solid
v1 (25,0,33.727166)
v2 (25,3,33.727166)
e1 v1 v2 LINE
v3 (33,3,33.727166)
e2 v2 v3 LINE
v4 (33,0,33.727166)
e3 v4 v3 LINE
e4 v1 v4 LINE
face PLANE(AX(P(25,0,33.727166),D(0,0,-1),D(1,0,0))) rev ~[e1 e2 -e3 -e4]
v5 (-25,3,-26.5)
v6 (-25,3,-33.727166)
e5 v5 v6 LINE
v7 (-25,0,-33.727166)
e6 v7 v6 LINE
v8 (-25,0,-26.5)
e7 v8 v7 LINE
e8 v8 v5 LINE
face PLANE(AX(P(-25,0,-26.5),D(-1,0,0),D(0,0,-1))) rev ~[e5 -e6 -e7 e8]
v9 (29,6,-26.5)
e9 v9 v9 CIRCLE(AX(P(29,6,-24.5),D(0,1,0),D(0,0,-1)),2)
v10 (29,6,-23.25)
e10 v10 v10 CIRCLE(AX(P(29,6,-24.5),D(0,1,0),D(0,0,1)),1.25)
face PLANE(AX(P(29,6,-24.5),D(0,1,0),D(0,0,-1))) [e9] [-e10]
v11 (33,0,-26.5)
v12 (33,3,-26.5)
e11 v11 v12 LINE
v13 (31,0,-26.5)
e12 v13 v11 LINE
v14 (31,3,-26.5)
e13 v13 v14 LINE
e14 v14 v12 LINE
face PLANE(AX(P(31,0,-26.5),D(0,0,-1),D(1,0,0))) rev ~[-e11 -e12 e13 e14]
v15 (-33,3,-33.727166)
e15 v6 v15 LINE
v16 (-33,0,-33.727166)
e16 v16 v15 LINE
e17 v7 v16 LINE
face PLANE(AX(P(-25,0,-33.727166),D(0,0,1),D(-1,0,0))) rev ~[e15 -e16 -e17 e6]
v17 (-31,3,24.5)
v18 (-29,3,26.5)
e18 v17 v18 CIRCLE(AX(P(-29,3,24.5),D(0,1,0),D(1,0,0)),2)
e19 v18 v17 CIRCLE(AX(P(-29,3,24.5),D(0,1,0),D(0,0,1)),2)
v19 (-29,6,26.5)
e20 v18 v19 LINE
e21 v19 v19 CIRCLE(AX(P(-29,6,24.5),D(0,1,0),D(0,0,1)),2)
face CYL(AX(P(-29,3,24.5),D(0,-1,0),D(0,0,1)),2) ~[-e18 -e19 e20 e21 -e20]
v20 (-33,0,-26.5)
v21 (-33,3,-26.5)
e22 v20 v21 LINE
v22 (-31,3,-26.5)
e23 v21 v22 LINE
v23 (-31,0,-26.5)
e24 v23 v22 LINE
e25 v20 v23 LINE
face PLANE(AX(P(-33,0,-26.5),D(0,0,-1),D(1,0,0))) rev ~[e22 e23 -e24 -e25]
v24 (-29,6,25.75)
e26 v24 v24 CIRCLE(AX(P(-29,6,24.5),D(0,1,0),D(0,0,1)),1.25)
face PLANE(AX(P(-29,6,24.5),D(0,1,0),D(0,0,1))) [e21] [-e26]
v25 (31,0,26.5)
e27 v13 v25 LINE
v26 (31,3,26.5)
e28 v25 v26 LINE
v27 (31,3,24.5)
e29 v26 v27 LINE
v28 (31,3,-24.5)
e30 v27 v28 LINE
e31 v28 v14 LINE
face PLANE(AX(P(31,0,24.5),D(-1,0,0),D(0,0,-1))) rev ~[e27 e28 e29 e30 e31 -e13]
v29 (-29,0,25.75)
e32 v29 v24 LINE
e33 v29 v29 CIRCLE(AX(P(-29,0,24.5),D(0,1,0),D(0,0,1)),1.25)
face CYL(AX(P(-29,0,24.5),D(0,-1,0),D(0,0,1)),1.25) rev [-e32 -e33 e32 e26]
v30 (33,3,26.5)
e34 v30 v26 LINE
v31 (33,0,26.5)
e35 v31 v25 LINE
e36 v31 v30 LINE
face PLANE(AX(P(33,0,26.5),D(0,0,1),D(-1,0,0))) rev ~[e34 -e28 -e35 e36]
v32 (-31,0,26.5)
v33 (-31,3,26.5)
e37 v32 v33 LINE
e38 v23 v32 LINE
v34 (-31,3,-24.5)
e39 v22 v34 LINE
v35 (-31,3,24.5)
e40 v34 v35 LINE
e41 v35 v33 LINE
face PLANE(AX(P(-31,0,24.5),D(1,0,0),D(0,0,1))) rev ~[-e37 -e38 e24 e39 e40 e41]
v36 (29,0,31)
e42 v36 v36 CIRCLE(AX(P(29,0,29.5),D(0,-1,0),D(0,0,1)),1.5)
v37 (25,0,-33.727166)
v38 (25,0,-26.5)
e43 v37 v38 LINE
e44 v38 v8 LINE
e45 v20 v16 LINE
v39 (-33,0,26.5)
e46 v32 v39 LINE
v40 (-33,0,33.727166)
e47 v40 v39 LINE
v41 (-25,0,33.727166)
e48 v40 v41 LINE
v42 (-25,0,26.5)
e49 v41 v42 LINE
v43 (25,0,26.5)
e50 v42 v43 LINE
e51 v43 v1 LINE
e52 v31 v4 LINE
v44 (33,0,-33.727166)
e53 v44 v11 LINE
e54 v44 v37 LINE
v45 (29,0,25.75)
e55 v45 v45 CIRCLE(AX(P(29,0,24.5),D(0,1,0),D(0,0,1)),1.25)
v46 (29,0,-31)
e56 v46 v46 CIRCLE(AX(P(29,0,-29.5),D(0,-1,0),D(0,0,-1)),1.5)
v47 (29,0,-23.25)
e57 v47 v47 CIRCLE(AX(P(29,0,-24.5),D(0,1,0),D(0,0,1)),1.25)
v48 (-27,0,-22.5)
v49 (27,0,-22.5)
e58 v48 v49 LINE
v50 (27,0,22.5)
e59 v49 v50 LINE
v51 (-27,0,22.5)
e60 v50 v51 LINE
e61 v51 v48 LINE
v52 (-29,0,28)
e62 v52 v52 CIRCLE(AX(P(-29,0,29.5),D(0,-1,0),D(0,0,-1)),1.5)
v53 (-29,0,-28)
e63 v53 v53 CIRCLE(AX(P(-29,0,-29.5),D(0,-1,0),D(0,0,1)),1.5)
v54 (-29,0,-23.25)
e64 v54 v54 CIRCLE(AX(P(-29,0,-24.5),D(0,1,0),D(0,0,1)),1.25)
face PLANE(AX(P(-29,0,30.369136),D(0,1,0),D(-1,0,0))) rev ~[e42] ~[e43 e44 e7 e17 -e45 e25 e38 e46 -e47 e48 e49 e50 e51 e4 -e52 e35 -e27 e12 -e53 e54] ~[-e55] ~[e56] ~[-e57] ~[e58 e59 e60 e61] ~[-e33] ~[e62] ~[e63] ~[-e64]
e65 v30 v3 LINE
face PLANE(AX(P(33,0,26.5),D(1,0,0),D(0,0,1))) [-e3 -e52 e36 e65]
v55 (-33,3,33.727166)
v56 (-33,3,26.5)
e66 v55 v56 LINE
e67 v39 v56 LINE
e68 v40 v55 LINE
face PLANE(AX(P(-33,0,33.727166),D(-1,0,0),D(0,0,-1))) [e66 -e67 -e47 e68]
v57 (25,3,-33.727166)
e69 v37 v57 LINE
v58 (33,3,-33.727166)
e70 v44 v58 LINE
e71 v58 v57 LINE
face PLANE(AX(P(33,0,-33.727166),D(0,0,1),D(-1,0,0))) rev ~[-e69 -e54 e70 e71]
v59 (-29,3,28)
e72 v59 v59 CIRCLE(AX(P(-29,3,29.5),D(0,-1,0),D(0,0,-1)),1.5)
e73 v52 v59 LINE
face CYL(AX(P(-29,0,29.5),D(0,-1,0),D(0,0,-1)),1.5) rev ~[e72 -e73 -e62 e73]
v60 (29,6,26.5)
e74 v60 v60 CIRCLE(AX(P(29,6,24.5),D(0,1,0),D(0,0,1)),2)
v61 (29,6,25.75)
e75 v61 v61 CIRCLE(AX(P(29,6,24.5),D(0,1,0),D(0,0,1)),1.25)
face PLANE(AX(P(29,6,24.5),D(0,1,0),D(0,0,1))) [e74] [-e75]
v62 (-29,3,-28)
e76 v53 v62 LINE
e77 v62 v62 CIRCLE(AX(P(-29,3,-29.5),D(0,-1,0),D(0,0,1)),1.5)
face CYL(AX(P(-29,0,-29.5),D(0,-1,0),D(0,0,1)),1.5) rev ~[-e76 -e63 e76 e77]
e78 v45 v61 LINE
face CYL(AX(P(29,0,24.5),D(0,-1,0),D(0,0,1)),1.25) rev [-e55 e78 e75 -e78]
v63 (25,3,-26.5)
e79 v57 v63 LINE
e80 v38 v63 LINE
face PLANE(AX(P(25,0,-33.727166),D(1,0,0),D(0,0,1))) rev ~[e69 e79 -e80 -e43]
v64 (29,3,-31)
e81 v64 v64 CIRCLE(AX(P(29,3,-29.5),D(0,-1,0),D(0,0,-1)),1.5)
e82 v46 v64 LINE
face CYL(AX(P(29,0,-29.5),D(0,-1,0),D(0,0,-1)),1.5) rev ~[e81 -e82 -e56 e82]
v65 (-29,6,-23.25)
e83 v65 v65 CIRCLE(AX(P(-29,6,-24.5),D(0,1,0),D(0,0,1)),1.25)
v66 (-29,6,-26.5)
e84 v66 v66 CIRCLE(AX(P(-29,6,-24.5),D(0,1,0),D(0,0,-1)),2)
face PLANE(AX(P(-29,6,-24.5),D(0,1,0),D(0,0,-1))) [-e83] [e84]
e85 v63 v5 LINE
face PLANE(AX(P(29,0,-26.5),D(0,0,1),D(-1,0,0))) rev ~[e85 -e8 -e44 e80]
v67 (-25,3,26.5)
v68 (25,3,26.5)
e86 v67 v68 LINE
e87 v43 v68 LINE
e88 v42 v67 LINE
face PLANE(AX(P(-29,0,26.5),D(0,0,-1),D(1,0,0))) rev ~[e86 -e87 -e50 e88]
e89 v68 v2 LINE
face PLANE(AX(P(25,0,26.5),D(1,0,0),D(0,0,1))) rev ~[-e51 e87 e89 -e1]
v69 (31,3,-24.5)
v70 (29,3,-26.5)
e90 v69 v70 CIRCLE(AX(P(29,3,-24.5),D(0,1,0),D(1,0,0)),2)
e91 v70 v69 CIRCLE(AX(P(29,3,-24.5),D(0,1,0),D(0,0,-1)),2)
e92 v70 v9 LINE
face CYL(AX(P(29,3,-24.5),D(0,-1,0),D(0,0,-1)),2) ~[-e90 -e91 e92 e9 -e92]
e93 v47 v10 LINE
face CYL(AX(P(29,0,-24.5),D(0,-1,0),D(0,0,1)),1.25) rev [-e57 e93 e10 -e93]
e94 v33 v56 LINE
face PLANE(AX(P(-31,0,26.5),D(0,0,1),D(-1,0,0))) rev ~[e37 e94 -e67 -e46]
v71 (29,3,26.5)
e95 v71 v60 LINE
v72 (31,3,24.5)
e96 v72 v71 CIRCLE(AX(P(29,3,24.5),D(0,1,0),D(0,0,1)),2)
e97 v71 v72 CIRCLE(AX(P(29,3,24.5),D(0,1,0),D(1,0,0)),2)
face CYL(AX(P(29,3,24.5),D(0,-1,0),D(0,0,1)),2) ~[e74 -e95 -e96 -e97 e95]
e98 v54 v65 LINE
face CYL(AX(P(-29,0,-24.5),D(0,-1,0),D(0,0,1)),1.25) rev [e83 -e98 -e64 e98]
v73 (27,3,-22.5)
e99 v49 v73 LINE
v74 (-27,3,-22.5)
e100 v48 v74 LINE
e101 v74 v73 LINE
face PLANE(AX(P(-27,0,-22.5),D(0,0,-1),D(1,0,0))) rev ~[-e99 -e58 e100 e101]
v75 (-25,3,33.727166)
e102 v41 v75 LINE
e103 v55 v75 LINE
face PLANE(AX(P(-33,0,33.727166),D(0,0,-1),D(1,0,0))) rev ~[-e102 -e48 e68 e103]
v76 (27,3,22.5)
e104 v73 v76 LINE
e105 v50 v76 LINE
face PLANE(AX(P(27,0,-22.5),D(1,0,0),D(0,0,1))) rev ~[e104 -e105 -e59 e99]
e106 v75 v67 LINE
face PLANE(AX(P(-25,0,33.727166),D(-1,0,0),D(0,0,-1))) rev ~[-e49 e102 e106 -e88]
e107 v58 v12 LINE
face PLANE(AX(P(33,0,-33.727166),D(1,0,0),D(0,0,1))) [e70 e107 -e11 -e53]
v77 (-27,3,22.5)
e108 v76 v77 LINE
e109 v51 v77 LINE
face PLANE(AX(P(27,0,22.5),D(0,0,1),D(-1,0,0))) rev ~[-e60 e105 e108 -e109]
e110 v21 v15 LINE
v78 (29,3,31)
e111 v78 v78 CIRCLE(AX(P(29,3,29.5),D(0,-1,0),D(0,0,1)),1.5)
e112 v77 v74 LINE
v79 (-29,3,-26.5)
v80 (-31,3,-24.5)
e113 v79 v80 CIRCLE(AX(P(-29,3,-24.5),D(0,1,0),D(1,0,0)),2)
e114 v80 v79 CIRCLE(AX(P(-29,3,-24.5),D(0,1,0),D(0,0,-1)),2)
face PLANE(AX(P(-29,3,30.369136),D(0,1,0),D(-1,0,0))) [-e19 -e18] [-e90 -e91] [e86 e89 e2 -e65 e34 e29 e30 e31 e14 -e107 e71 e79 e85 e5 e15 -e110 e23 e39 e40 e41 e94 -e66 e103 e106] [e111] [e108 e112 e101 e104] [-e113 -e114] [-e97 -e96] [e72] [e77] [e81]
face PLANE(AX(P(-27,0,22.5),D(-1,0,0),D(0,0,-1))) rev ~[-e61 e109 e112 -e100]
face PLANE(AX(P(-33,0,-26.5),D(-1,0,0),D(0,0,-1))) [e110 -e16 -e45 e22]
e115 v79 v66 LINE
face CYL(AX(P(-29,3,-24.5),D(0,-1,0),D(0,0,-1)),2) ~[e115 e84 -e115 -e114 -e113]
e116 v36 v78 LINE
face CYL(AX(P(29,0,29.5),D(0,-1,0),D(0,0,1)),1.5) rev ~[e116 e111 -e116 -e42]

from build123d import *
from build123d.topology import SkipClean

# Parameters (mm, degrees)
SKETCH_1_R      = 2
SKETCH_1_R_2    = 1.25
EXTRUDE_1_DEPTH = 3
SKETCH_2_R      = 2
SKETCH_2_R_2    = 1.25
EXTRUDE_2_DEPTH = 3
SKETCH_3_R      = 1.5
EXTRUDE_3_DEPTH = 3
EXTRUDE_4_DEPTH = 3


with BuildPart() as part:
    # 草图1 → 凸台-拉伸1 (new body)
    # profile 1 of 12: a face of its own
    with BuildSketch(Plane(origin=(0, 0, 0), x_dir=(1, 0, 0), z_dir=(0, 1, 0))):
        with BuildLine():
            ThreePointArc((-27, -24.5), (-27.585786438, -25.914213562), (-29, -26.5))
            Line((-29, -26.5), (29, -26.5))
            ThreePointArc((29, -26.5), (27.585786438, -25.914213562), (27, -24.5))
            Line((27, -24.5), (27, -22.5))
            Line((27, -22.5), (-27, -22.5))
            Line((-27, -22.5), (-27, -24.5))
        make_face()
    # profile 2 of 12: a face of its own
    with BuildSketch(Plane(origin=(0, 0, 0), x_dir=(1, 0, 0), z_dir=(0, 1, 0))):
        with BuildLine():
            Line((29, -22.5), (27, -22.5))
            Line((27, -22.5), (27, -24.5))
            ThreePointArc((27, -24.5), (27.585786438, -23.085786438), (29, -22.5))
        make_face()
    # profile 3 of 12: a face of its own
    with BuildSketch(Plane(origin=(0, 0, 0), x_dir=(1, 0, 0), z_dir=(0, 1, 0))):
        with Locations((29, -24.5)):
            Circle(SKETCH_1_R)
        with Locations(Location((29, -24.5, 0), (0, 0, 270))):
            Circle(SKETCH_1_R_2, mode=Mode.SUBTRACT)
    # profile 4 of 12: a face of its own
    with BuildSketch(Plane(origin=(0, 0, 0), x_dir=(1, 0, 0), z_dir=(0, 1, 0))):
        with BuildLine():
            Line((31, -24.5), (31, 24.5))
            ThreePointArc((31, 24.5), (30.414213562, 23.085786438), (29, 22.5))
            Line((29, 22.5), (27, 22.5))
            Line((27, 22.5), (27, -22.5))
            Line((27, -22.5), (29, -22.5))
            ThreePointArc((29, -22.5), (30.414213562, -23.085786438), (31, -24.5))
        make_face()
    # profile 5 of 12: a face of its own
    with BuildSketch(Plane(origin=(0, 0, 0), x_dir=(1, 0, 0), z_dir=(0, 1, 0))):
        with BuildLine():
            ThreePointArc((-29, 22.5), (-30.414213562, 23.085786438), (-31, 24.5))
            Line((-31, 24.5), (-31, -24.5))
            ThreePointArc((-31, -24.5), (-30.414213562, -23.085786438), (-29, -22.5))
            Line((-29, -22.5), (-27, -22.5))
            Line((-27, -22.5), (-27, 22.5))
            Line((-27, 22.5), (-29, 22.5))
        make_face()
    # profile 6 of 12: a face of its own
    with BuildSketch(Plane(origin=(0, 0, 0), x_dir=(1, 0, 0), z_dir=(0, 1, 0))):
        with Locations((-29, -24.5)):
            Circle(SKETCH_1_R)
        with Locations(Location((-29, -24.5, 0), (0, 0, 270))):
            Circle(SKETCH_1_R_2, mode=Mode.SUBTRACT)
    # profile 7 of 12: a face of its own
    with BuildSketch(Plane(origin=(0, 0, 0), x_dir=(1, 0, 0), z_dir=(0, 1, 0))):
        with BuildLine():
            Line((-27, -22.5), (-29, -22.5))
            ThreePointArc((-29, -22.5), (-27.585786438, -23.085786438), (-27, -24.5))
            Line((-27, -24.5), (-27, -22.5))
        make_face()
    # profile 8 of 12: a face of its own
    with BuildSketch(Plane(origin=(0, 0, 0), x_dir=(1, 0, 0), z_dir=(0, 1, 0))):
        with BuildLine():
            ThreePointArc((29, 22.5), (27.585786438, 23.085786438), (27, 24.5))
            Line((27, 24.5), (27, 22.5))
            Line((27, 22.5), (29, 22.5))
        make_face()
    # profile 9 of 12: a face of its own
    with BuildSketch(Plane(origin=(0, 0, 0), x_dir=(1, 0, 0), z_dir=(0, 1, 0))):
        with Locations((29, 24.5)):
            Circle(SKETCH_1_R)
        with Locations(Location((29, 24.5, 0), (0, 0, 270))):
            Circle(SKETCH_1_R_2, mode=Mode.SUBTRACT)
    # profile 10 of 12: a face of its own
    with BuildSketch(Plane(origin=(0, 0, 0), x_dir=(1, 0, 0), z_dir=(0, 1, 0))):
        with BuildLine():
            Line((29, 26.5), (-29, 26.5))
            ThreePointArc((-29, 26.5), (-27.585786438, 25.914213562), (-27, 24.5))
            Line((-27, 24.5), (-27, 22.5))
            Line((-27, 22.5), (27, 22.5))
            Line((27, 22.5), (27, 24.5))
            ThreePointArc((27, 24.5), (27.585786438, 25.914213562), (29, 26.5))
        make_face()
    # profile 11 of 12: a face of its own
    with BuildSketch(Plane(origin=(0, 0, 0), x_dir=(1, 0, 0), z_dir=(0, 1, 0))):
        with BuildLine():
            ThreePointArc((-27, 24.5), (-27.585786438, 23.085786438), (-29, 22.5))
            Line((-29, 22.5), (-27, 22.5))
            Line((-27, 22.5), (-27, 24.5))
        make_face()
    # profile 12 of 12: a face of its own
    with BuildSketch(Plane(origin=(0, 0, 0), x_dir=(1, 0, 0), z_dir=(0, 1, 0))):
        with Locations((-29, 24.5)):
            Circle(SKETCH_1_R)
        with Locations(Location((-29, 24.5, 0), (0, 0, 270))):
            Circle(SKETCH_1_R_2, mode=Mode.SUBTRACT)
    extrude(amount=EXTRUDE_1_DEPTH)

    # 草图2 → 凸台-拉伸2 (add)
    # profile 1 of 4: a face of its own
    with SkipClean():  # the faces are left unmerged after this step: merging them gives an invalid solid
        with BuildSketch(Plane(origin=(0, 3, 0), x_dir=(1, 0, 0), z_dir=(0, 1, 0))):
            with Locations(Location((-29, 24.5, 0), (0, 0, 90))):
                Circle(SKETCH_2_R)
            with Locations(Location((-29, 24.5, 0), (0, 0, 270))):
                Circle(SKETCH_2_R_2, mode=Mode.SUBTRACT)
        # profile 2 of 4: a face of its own
        with BuildSketch(Plane(origin=(0, 3, 0), x_dir=(1, 0, 0), z_dir=(0, 1, 0))):
            with Locations(Location((29, 24.5, 0), (0, 0, 90))):
                Circle(SKETCH_2_R)
            with Locations(Location((29, 24.5, 0), (0, 0, 270))):
                Circle(SKETCH_2_R_2, mode=Mode.SUBTRACT)
        # profile 3 of 4: a face of its own
        with BuildSketch(Plane(origin=(0, 3, 0), x_dir=(1, 0, 0), z_dir=(0, 1, 0))):
            with Locations(Location((-29, -24.5, 0), (0, 0, 270))):
                Circle(SKETCH_2_R)
            with Locations(Location((-29, -24.5, 0), (0, 0, 270))):
                Circle(SKETCH_2_R_2, mode=Mode.SUBTRACT)
        # profile 4 of 4: a face of its own
        with BuildSketch(Plane(origin=(0, 3, 0), x_dir=(1, 0, 0), z_dir=(0, 1, 0))):
            with Locations(Location((29, -24.5, 0), (0, 0, 270))):
                Circle(SKETCH_2_R)
            with Locations(Location((29, -24.5, 0), (0, 0, 270))):
                Circle(SKETCH_2_R_2, mode=Mode.SUBTRACT)
        extrude(amount=EXTRUDE_2_DEPTH)

    # 草图3 → 凸台-拉伸3 (add)
    # profile 1 of 4: a face of its own
    with BuildSketch(Plane.XZ):
        with BuildLine():
            Line((-31, 24.5), (-31, 31.727166486))
            Line((-31, 31.727166486), (-27, 31.727166486))
            Line((-27, 31.727166486), (-27, 26.5))
            Line((-27, 26.5), (-29, 26.5))
            ThreePointArc((-29, 26.5), (-30.414213562, 25.914213562), (-31, 24.5))
        make_face()
        with Locations(Location((-29, 29.5, 0), (0, 0, 270))):
            Circle(SKETCH_3_R, mode=Mode.SUBTRACT)
    # profile 2 of 4: a face of its own
    with BuildSketch(Plane.XZ):
        with BuildLine():
            Line((29, 26.5), (27, 26.5))
            Line((27, 26.5), (27, 31.727166486))
            Line((27, 31.727166486), (31, 31.727166486))
            Line((31, 31.727166486), (31, 24.5))
            ThreePointArc((31, 24.5), (30.414213562, 25.914213562), (29, 26.5))
        make_face()
        with Locations(Location((29, 29.5, 0), (0, 0, 90))):
            Circle(SKETCH_3_R, mode=Mode.SUBTRACT)
    # profile 3 of 4: a face of its own
    with BuildSketch(Plane.XZ):
        with BuildLine():
            Line((31, -24.5), (31, -31.727166486))
            Line((31, -31.727166486), (27, -31.727166486))
            Line((27, -31.727166486), (27, -26.5))
            Line((27, -26.5), (29, -26.5))
            ThreePointArc((29, -26.5), (30.414213562, -25.914213562), (31, -24.5))
        make_face()
        with Locations(Location((29, -29.5, 0), (0, 0, 270))):
            Circle(SKETCH_3_R, mode=Mode.SUBTRACT)
    # profile 4 of 4: a face of its own
    with BuildSketch(Plane.XZ):
        with BuildLine():
            Line((-29, -26.5), (-27, -26.5))
            Line((-27, -26.5), (-27, -31.727166486))
            Line((-27, -31.727166486), (-31, -31.727166486))
            Line((-31, -31.727166486), (-31, -24.5))
            ThreePointArc((-31, -24.5), (-30.414213562, -25.914213562), (-29, -26.5))
        make_face()
        with Locations(Location((-29, -29.5, 0), (0, 0, 90))):
            Circle(SKETCH_3_R, mode=Mode.SUBTRACT)
    extrude(amount=-EXTRUDE_3_DEPTH)

    # 草图4 → 凸台-拉伸4 (add)
    with BuildSketch(Plane.XZ):
        Polygon((-31, 26.5), (-33, 26.5), (-33, 31.727166486), (-33, 33.727166486), (-25, 33.727166486), (-25, 26.5), (-27, 26.5), (-27, 31.727166486), (-31, 31.727166486), align=None)
        Polygon((27, 31.727166486), (27, 26.5), (25, 26.5), (25, 33.727166486), (33, 33.727166486), (33, 31.727166486), (33, 26.5), (31, 26.5), (31, 31.727166486), align=None)
        Polygon((31, -26.5), (33, -26.5), (33, -31.727166486), (33, -33.727166486), (25, -33.727166486), (25, -26.5), (27, -26.5), (27, -31.727166486), (31, -31.727166486), align=None)
        Polygon((-27, -31.727166486), (-27, -26.5), (-25, -26.5), (-25, -33.727166486), (-33, -33.727166486), (-33, -31.727166486), (-33, -26.5), (-31, -26.5), (-31, -31.727166486), align=None)
    extrude(amount=-EXTRUDE_4_DEPTH)


solid = part.part
